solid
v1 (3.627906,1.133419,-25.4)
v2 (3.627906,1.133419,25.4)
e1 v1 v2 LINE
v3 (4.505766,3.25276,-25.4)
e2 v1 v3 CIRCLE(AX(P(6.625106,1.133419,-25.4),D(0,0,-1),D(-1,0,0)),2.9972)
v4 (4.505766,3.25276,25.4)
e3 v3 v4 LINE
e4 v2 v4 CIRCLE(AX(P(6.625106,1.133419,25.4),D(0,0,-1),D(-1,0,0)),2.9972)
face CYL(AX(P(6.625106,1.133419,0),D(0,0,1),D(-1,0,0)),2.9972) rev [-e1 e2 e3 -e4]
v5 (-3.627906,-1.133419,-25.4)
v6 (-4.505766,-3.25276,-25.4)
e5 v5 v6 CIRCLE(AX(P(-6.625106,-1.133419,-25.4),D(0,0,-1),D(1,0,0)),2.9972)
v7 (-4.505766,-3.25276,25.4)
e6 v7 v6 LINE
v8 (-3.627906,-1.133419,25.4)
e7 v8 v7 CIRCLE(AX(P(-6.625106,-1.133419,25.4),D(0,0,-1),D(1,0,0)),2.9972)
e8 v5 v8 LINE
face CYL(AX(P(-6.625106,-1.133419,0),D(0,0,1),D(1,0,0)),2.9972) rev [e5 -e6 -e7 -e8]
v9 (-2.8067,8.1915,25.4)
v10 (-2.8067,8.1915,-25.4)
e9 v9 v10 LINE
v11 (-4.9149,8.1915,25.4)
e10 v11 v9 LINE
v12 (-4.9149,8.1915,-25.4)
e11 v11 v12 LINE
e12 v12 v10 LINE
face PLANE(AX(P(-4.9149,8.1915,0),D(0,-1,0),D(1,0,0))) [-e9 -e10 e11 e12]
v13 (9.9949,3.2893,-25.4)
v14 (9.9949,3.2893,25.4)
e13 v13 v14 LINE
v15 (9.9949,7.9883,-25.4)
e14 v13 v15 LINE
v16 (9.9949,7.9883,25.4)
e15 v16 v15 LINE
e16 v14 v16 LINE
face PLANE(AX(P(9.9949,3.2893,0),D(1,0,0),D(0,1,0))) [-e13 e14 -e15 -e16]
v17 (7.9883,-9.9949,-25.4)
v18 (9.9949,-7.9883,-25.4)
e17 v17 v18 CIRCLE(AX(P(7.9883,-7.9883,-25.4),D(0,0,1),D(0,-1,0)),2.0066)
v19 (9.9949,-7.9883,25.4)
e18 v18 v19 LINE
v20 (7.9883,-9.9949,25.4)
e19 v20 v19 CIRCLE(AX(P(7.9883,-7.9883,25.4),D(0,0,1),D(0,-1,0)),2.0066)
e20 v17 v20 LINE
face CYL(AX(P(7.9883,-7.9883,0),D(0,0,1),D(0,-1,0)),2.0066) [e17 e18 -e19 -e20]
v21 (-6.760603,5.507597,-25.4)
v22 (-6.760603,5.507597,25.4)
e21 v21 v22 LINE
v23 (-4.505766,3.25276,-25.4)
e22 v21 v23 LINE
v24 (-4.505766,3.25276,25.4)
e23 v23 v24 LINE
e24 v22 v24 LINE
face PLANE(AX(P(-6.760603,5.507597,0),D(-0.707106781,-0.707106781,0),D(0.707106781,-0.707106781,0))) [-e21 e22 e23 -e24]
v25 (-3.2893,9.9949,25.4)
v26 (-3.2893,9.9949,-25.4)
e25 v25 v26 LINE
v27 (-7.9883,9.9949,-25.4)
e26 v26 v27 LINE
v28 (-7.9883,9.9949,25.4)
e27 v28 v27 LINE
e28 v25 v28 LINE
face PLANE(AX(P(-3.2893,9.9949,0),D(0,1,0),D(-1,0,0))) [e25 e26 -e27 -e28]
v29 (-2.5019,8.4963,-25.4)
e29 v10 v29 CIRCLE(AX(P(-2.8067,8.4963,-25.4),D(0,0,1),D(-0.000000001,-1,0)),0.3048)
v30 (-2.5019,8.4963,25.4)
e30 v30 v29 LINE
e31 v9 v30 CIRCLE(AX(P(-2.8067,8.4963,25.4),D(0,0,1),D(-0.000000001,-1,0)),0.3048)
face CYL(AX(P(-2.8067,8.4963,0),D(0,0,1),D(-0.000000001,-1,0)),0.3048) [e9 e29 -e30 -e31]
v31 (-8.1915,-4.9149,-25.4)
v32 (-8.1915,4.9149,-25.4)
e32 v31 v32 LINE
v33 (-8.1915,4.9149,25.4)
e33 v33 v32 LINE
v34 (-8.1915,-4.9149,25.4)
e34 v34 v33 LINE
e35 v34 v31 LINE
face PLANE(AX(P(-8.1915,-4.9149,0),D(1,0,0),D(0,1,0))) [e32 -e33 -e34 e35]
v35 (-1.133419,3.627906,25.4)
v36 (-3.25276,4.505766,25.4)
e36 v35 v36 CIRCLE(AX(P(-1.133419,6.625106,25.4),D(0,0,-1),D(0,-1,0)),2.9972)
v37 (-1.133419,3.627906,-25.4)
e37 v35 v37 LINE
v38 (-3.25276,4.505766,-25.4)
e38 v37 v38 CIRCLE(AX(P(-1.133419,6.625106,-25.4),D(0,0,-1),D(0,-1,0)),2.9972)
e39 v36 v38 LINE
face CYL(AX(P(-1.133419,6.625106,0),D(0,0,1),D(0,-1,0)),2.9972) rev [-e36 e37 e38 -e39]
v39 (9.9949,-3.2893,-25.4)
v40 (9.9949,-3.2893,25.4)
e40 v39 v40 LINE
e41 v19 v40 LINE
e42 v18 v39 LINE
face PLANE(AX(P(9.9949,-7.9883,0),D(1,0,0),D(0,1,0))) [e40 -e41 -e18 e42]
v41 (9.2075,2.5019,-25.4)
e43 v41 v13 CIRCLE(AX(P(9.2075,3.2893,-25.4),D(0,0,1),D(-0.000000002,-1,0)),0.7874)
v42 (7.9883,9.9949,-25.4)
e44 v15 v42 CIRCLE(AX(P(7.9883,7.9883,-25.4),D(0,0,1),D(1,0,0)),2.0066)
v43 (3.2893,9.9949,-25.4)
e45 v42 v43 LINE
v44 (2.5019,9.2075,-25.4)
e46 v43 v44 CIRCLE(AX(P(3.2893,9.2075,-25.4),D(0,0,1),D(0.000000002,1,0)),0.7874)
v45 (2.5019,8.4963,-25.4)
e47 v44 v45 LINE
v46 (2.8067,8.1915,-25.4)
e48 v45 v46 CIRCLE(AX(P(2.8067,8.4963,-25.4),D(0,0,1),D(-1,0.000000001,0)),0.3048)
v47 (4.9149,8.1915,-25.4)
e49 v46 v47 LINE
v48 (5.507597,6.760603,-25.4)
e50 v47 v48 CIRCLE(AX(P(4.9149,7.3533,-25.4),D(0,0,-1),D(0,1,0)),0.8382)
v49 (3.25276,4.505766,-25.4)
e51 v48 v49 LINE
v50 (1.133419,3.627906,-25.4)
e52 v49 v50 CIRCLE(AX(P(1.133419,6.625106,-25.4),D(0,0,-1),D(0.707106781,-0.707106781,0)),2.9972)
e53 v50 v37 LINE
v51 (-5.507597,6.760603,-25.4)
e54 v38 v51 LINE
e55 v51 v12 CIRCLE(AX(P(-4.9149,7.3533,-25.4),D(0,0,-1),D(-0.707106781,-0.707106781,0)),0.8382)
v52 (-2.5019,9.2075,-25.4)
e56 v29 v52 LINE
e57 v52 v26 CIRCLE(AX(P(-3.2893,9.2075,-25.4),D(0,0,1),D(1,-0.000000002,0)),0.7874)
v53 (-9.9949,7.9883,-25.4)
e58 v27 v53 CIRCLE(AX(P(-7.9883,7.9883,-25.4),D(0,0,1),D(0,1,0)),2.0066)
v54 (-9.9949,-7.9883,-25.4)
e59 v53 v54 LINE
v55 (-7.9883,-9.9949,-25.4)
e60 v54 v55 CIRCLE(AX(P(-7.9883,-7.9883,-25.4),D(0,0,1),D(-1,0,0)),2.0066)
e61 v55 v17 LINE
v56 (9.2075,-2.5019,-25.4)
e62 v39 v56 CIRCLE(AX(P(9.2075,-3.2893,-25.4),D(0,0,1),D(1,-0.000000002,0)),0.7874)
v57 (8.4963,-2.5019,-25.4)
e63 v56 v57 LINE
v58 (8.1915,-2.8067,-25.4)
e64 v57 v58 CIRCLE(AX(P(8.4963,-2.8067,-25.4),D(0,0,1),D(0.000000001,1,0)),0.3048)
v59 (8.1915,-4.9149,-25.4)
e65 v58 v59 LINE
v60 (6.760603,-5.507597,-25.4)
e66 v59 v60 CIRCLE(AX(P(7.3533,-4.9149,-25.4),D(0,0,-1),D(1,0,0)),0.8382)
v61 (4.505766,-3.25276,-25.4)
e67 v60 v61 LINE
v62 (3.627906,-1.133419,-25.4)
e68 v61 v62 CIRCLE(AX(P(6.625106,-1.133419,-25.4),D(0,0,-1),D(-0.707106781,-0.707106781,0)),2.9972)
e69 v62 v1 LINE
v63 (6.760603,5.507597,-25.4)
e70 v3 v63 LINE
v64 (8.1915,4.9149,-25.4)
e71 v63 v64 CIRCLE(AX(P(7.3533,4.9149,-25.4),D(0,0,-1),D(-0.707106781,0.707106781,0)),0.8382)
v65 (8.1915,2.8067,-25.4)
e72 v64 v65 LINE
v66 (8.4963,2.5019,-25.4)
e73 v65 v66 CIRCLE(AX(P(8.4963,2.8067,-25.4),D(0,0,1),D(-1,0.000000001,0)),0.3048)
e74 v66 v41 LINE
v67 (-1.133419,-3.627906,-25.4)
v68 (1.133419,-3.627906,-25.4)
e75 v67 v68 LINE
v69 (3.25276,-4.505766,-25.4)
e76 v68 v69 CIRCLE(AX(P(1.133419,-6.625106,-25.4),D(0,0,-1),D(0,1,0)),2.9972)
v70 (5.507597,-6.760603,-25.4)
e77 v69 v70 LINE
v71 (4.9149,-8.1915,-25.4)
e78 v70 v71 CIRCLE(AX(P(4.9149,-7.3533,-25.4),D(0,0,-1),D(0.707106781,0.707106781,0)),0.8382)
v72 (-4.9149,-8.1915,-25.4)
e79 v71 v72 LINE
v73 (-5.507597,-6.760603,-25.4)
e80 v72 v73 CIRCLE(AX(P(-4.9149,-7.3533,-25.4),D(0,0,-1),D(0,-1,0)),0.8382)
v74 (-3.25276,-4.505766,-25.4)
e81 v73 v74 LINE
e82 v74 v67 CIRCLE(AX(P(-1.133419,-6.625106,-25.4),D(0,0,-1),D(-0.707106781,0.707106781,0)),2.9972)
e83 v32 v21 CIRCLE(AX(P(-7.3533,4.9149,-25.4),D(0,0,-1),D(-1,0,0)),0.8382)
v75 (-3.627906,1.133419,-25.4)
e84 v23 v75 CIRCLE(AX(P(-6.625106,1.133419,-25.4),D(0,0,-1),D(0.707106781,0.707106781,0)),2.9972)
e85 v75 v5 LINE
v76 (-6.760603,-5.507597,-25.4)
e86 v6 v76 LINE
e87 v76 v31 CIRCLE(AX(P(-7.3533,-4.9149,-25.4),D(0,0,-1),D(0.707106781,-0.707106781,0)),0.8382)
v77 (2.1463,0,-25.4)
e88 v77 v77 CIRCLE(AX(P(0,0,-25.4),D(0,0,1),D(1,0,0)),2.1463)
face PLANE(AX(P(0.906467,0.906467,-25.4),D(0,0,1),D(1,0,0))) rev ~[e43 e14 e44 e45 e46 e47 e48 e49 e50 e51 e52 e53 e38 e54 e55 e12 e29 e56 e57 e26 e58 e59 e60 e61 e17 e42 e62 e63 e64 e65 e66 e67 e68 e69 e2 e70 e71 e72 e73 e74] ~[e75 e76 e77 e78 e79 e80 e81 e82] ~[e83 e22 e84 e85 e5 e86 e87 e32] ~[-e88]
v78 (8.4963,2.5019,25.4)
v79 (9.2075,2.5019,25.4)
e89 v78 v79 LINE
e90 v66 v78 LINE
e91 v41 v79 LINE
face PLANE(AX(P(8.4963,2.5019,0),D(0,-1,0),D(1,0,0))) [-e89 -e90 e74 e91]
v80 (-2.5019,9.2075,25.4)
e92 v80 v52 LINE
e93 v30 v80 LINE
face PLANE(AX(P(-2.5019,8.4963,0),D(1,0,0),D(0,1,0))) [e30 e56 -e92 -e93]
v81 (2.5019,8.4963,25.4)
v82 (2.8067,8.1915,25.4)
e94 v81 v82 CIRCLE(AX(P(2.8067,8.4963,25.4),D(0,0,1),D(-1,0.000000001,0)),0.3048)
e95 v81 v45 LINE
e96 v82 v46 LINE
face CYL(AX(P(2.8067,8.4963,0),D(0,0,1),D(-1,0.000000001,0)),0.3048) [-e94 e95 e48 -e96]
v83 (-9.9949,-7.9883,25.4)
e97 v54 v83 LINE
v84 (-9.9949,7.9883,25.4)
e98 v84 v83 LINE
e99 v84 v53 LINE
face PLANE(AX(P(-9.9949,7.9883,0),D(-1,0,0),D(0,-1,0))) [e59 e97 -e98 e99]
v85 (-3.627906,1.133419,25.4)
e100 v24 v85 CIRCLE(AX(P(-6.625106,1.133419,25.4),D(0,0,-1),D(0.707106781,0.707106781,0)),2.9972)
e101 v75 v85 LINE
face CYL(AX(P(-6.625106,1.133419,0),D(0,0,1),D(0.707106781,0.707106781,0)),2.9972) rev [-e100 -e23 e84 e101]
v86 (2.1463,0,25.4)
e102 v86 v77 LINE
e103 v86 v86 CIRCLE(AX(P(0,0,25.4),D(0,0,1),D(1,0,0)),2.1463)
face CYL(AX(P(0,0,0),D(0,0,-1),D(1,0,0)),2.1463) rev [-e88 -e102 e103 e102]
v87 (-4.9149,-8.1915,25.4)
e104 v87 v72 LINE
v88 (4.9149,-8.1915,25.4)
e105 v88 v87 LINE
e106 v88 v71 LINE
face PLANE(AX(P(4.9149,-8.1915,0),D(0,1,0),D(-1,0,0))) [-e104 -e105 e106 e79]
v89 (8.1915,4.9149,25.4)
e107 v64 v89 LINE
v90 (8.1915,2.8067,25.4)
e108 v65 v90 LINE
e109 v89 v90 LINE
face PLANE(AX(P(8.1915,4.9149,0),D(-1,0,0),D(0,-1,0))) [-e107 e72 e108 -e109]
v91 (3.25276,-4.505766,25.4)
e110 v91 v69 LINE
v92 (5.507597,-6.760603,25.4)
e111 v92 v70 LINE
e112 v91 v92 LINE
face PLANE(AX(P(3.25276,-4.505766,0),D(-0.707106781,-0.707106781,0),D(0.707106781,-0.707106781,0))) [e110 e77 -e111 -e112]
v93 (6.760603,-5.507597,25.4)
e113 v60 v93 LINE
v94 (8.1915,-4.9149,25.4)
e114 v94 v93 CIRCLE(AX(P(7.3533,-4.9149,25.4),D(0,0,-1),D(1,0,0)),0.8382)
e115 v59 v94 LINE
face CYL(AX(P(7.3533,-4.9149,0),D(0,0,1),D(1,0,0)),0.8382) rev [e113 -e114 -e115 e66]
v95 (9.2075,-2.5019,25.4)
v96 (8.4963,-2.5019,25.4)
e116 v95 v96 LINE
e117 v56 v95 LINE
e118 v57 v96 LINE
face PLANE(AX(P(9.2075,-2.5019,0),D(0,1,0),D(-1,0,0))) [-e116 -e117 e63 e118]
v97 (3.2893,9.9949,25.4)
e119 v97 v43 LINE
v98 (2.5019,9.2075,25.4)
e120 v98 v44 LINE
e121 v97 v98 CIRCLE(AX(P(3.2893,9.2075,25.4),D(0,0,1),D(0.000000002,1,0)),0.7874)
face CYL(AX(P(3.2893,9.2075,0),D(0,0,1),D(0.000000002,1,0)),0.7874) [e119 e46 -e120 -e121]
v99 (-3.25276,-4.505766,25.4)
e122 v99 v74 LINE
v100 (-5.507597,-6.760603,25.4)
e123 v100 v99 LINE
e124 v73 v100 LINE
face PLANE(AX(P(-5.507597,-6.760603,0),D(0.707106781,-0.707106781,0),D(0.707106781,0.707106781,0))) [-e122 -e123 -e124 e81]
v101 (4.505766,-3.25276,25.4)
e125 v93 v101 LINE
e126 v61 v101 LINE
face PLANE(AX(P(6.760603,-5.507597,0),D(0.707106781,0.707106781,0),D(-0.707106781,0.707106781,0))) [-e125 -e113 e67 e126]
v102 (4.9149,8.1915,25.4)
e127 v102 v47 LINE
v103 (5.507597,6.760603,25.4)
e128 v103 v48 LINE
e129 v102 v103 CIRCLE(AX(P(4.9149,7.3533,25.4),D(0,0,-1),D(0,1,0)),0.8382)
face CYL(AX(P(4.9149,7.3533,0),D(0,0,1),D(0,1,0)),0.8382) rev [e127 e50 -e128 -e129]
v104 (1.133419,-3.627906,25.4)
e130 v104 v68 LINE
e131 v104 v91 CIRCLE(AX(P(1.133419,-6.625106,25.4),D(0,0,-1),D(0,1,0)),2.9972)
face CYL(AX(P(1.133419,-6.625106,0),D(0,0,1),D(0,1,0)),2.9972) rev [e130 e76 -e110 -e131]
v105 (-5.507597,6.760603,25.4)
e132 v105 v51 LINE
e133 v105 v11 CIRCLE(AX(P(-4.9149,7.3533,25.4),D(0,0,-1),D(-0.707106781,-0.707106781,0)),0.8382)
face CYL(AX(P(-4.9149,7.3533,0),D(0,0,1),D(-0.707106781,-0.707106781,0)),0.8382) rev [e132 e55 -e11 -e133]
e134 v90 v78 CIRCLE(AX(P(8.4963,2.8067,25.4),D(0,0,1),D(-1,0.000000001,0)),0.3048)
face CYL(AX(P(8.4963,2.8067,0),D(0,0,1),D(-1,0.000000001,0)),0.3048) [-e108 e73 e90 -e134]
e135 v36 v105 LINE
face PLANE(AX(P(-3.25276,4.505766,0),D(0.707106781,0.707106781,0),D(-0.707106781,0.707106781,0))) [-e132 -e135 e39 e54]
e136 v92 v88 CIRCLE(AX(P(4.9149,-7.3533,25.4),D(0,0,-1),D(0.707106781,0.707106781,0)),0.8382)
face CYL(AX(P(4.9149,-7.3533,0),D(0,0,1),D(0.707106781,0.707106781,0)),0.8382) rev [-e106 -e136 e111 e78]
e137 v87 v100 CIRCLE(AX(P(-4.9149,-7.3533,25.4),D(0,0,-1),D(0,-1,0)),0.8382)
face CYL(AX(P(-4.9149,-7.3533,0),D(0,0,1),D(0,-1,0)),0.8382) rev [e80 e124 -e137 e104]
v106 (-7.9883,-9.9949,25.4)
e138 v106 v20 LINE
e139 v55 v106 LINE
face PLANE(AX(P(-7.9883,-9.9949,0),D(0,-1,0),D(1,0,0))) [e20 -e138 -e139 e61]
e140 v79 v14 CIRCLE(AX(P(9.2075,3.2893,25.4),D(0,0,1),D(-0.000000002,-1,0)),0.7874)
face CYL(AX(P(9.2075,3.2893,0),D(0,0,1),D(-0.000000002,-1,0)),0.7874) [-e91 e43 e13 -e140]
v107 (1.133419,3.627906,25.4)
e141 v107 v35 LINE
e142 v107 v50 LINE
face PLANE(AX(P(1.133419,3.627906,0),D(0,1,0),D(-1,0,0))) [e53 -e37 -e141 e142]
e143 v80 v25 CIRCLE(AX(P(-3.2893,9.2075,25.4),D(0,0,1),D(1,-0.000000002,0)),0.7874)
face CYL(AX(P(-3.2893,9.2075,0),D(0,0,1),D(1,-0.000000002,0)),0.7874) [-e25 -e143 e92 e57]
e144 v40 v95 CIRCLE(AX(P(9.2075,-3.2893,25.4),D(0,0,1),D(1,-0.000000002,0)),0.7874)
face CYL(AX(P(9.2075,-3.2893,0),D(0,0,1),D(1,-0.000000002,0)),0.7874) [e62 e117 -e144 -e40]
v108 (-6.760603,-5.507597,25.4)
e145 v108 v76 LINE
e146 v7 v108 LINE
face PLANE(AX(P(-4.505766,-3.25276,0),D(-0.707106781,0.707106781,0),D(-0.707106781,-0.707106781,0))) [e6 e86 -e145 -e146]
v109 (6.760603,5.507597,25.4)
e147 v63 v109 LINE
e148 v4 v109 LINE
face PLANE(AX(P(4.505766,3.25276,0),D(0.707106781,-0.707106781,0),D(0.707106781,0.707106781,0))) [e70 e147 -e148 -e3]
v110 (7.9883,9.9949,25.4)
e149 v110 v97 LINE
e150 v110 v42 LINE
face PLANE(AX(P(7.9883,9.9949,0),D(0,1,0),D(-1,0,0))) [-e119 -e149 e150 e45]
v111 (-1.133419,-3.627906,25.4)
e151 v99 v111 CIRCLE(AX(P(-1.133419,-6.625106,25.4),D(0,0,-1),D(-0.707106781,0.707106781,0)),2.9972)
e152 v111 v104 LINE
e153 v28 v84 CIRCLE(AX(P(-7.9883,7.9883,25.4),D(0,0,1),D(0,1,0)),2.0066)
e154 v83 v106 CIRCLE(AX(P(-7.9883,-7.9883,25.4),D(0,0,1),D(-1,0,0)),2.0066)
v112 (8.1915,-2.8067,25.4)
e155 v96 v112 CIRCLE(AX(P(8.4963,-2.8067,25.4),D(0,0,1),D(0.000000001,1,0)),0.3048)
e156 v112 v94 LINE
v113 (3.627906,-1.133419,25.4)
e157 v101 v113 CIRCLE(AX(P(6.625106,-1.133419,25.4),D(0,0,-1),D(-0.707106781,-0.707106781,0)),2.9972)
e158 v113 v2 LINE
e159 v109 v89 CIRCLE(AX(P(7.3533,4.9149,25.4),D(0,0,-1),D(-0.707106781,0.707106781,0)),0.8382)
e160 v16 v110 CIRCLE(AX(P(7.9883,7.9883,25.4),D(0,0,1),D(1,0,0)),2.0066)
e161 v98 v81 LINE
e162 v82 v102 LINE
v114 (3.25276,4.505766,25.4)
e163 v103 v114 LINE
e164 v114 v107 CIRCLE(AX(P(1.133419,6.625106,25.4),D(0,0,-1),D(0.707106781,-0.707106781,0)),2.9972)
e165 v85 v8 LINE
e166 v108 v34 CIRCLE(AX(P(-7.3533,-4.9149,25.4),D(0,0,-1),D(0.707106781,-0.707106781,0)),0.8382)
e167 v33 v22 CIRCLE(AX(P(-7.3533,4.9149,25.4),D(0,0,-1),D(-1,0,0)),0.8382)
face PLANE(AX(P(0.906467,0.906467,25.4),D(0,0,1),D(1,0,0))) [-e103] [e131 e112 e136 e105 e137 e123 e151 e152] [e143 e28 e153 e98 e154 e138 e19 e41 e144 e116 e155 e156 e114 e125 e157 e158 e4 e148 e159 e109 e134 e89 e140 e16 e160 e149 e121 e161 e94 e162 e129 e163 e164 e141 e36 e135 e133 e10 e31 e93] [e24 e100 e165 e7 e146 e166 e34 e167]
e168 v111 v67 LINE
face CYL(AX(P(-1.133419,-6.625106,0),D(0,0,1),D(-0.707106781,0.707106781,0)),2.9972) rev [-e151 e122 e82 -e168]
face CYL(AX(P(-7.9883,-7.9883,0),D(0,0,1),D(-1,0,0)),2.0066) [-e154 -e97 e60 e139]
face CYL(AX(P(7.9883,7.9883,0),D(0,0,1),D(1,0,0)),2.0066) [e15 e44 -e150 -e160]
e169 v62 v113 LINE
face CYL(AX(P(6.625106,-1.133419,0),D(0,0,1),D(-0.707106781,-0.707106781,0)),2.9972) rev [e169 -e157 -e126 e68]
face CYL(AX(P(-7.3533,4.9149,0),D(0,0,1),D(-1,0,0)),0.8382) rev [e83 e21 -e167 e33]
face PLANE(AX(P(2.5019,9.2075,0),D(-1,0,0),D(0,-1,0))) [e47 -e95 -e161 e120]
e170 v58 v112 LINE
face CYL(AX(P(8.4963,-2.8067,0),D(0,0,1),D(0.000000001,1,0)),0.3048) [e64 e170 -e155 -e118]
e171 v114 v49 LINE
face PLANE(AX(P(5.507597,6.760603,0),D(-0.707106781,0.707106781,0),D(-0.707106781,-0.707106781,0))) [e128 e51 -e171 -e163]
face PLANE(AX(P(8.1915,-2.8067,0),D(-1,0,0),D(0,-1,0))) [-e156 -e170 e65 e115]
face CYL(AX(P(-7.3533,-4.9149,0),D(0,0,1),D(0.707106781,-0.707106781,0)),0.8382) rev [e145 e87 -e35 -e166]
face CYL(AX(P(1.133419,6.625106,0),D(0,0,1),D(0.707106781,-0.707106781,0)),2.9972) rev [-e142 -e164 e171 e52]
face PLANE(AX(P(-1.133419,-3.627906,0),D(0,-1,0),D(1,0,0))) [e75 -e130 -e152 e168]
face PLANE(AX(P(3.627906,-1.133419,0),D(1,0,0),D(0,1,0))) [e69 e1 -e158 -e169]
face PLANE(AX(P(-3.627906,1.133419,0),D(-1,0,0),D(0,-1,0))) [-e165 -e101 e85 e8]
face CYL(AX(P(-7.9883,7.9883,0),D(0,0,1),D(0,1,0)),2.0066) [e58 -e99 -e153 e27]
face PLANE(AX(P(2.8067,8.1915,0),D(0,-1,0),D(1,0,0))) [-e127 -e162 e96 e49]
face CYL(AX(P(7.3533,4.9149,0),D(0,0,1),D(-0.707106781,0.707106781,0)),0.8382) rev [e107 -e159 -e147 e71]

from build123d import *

# Parameters (mm, degrees)
SKETCH1_R           = 2.1463
BOSS_EXTRUDE1_DEPTH = 25.4


with BuildPart() as part:
    # Sketch1 → Boss-Extrude1 (new, symmetric)
    with BuildSketch(Plane.XY):
        with BuildLine():
            Line((-9.9949, 7.9883), (-9.9949, -7.9883))
            ThreePointArc((-9.9949, -7.9883), (-9.407180467, -9.407180467), (-7.9883, -9.9949))
            Line((-7.9883, -9.9949), (7.9883, -9.9949))
            ThreePointArc((7.9883, -9.9949), (9.407180467, -9.407180467), (9.9949, -7.9883))
            Line((9.9949, -7.9883), (9.9949, -3.2893))
            ThreePointArc((9.9949, -3.2893), (9.76427588, -2.73252412), (9.2075, -2.5019))
            Line((9.2075, -2.5019), (8.4963, -2.5019))
            ThreePointArc((8.4963, -2.5019), (8.280773853, -2.591173853), (8.1915, -2.8067))
            Line((8.1915, -2.8067), (8.1915, -4.9149))
            ThreePointArc((8.1915, -4.9149), (7.674065253, -5.689295824), (6.760603096, -5.507596904))
            Line((6.760603096, -5.507596904), (4.505765747, -3.252759555))
            ThreePointArc((4.505765747, -3.252759555), (3.856054457, -2.280397894), (3.627906192, -1.133419111))
            Line((3.627906192, -1.133419111), (3.627906192, 1.133419111))
            ThreePointArc((3.627906192, 1.133419111), (3.856054457, 2.280397894), (4.505765747, 3.252759555))
            Line((4.505765747, 3.252759555), (6.760603096, 5.507596904))
            ThreePointArc((6.760603096, 5.507596904), (7.674065253, 5.689295824), (8.1915, 4.9149))
            Line((8.1915, 4.9149), (8.1915, 2.8067))
            ThreePointArc((8.1915, 2.8067), (8.280773853, 2.591173853), (8.4963, 2.5019))
            Line((8.4963, 2.5019), (9.2075, 2.5019))
            ThreePointArc((9.2075, 2.5019), (9.76427588, 2.73252412), (9.9949, 3.2893))
            Line((9.9949, 3.2893), (9.9949, 7.9883))
            ThreePointArc((9.9949, 7.9883), (9.407180467, 9.407180467), (7.9883, 9.9949))
            Line((7.9883, 9.9949), (3.2893, 9.9949))
            ThreePointArc((3.2893, 9.9949), (2.73252412, 9.76427588), (2.5019, 9.2075))
            Line((2.5019, 9.2075), (2.5019, 8.4963))
            ThreePointArc((2.5019, 8.4963), (2.591173853, 8.280773853), (2.8067, 8.1915))
            Line((2.8067, 8.1915), (4.9149, 8.1915))
            ThreePointArc((4.9149, 8.1915), (5.689295824, 7.674065253), (5.507596904, 6.760603096))
            Line((5.507596904, 6.760603096), (3.252759555, 4.505765747))
            ThreePointArc((3.252759555, 4.505765747), (2.280397894, 3.856054457), (1.133419111, 3.627906192))
            Line((1.133419111, 3.627906192), (-1.133419111, 3.627906192))
            ThreePointArc((-1.133419111, 3.627906192), (-2.280397894, 3.856054457), (-3.252759555, 4.505765747))
            Line((-3.252759555, 4.505765747), (-5.507596904, 6.760603096))
            ThreePointArc((-5.507596904, 6.760603096), (-5.689295824, 7.674065253), (-4.9149, 8.1915))
            Line((-4.9149, 8.1915), (-2.8067, 8.1915))
            ThreePointArc((-2.8067, 8.1915), (-2.591173853, 8.280773853), (-2.5019, 8.4963))
            Line((-2.5019, 8.4963), (-2.5019, 9.2075))
            ThreePointArc((-2.5019, 9.2075), (-2.73252412, 9.76427588), (-3.2893, 9.9949))
            Line((-3.2893, 9.9949), (-7.9883, 9.9949))
            ThreePointArc((-7.9883, 9.9949), (-9.407180467, 9.407180467), (-9.9949, 7.9883))
        make_face()
        Circle(SKETCH1_R, mode=Mode.SUBTRACT)
        with BuildLine():
            Line((-6.760603096, 5.507596904), (-4.505765747, 3.252759555))
            ThreePointArc((-4.505765747, 3.252759555), (-3.856054457, 2.280397894), (-3.627906192, 1.133419111))
            Line((-3.627906192, 1.133419111), (-3.627906192, -1.133419111))
            ThreePointArc((-3.627906192, -1.133419111), (-3.856054457, -2.280397894), (-4.505765747, -3.252759555))
            Line((-4.505765747, -3.252759555), (-6.760603096, -5.507596904))
            ThreePointArc((-6.760603096, -5.507596904), (-7.674065253, -5.689295824), (-8.1915, -4.9149))
            Line((-8.1915, -4.9149), (-8.1915, 4.9149))
            ThreePointArc((-8.1915, 4.9149), (-7.674065253, 5.689295824), (-6.760603096, 5.507596904))
        make_face(mode=Mode.SUBTRACT)
        with BuildLine():
            Line((-5.507596904, -6.760603096), (-3.252759555, -4.505765747))
            ThreePointArc((-3.252759555, -4.505765747), (-2.280397894, -3.856054457), (-1.133419111, -3.627906192))
            Line((-1.133419111, -3.627906192), (1.133419111, -3.627906192))
            ThreePointArc((1.133419111, -3.627906192), (2.280397894, -3.856054457), (3.252759555, -4.505765747))
            Line((3.252759555, -4.505765747), (5.507596904, -6.760603096))
            ThreePointArc((5.507596904, -6.760603096), (5.689295824, -7.674065253), (4.9149, -8.1915))
            Line((4.9149, -8.1915), (-4.9149, -8.1915))
            ThreePointArc((-4.9149, -8.1915), (-5.689295824, -7.674065253), (-5.507596904, -6.760603096))
        make_face(mode=Mode.SUBTRACT)
    extrude(amount=BOSS_EXTRUDE1_DEPTH, both=True)


solid = part.part
